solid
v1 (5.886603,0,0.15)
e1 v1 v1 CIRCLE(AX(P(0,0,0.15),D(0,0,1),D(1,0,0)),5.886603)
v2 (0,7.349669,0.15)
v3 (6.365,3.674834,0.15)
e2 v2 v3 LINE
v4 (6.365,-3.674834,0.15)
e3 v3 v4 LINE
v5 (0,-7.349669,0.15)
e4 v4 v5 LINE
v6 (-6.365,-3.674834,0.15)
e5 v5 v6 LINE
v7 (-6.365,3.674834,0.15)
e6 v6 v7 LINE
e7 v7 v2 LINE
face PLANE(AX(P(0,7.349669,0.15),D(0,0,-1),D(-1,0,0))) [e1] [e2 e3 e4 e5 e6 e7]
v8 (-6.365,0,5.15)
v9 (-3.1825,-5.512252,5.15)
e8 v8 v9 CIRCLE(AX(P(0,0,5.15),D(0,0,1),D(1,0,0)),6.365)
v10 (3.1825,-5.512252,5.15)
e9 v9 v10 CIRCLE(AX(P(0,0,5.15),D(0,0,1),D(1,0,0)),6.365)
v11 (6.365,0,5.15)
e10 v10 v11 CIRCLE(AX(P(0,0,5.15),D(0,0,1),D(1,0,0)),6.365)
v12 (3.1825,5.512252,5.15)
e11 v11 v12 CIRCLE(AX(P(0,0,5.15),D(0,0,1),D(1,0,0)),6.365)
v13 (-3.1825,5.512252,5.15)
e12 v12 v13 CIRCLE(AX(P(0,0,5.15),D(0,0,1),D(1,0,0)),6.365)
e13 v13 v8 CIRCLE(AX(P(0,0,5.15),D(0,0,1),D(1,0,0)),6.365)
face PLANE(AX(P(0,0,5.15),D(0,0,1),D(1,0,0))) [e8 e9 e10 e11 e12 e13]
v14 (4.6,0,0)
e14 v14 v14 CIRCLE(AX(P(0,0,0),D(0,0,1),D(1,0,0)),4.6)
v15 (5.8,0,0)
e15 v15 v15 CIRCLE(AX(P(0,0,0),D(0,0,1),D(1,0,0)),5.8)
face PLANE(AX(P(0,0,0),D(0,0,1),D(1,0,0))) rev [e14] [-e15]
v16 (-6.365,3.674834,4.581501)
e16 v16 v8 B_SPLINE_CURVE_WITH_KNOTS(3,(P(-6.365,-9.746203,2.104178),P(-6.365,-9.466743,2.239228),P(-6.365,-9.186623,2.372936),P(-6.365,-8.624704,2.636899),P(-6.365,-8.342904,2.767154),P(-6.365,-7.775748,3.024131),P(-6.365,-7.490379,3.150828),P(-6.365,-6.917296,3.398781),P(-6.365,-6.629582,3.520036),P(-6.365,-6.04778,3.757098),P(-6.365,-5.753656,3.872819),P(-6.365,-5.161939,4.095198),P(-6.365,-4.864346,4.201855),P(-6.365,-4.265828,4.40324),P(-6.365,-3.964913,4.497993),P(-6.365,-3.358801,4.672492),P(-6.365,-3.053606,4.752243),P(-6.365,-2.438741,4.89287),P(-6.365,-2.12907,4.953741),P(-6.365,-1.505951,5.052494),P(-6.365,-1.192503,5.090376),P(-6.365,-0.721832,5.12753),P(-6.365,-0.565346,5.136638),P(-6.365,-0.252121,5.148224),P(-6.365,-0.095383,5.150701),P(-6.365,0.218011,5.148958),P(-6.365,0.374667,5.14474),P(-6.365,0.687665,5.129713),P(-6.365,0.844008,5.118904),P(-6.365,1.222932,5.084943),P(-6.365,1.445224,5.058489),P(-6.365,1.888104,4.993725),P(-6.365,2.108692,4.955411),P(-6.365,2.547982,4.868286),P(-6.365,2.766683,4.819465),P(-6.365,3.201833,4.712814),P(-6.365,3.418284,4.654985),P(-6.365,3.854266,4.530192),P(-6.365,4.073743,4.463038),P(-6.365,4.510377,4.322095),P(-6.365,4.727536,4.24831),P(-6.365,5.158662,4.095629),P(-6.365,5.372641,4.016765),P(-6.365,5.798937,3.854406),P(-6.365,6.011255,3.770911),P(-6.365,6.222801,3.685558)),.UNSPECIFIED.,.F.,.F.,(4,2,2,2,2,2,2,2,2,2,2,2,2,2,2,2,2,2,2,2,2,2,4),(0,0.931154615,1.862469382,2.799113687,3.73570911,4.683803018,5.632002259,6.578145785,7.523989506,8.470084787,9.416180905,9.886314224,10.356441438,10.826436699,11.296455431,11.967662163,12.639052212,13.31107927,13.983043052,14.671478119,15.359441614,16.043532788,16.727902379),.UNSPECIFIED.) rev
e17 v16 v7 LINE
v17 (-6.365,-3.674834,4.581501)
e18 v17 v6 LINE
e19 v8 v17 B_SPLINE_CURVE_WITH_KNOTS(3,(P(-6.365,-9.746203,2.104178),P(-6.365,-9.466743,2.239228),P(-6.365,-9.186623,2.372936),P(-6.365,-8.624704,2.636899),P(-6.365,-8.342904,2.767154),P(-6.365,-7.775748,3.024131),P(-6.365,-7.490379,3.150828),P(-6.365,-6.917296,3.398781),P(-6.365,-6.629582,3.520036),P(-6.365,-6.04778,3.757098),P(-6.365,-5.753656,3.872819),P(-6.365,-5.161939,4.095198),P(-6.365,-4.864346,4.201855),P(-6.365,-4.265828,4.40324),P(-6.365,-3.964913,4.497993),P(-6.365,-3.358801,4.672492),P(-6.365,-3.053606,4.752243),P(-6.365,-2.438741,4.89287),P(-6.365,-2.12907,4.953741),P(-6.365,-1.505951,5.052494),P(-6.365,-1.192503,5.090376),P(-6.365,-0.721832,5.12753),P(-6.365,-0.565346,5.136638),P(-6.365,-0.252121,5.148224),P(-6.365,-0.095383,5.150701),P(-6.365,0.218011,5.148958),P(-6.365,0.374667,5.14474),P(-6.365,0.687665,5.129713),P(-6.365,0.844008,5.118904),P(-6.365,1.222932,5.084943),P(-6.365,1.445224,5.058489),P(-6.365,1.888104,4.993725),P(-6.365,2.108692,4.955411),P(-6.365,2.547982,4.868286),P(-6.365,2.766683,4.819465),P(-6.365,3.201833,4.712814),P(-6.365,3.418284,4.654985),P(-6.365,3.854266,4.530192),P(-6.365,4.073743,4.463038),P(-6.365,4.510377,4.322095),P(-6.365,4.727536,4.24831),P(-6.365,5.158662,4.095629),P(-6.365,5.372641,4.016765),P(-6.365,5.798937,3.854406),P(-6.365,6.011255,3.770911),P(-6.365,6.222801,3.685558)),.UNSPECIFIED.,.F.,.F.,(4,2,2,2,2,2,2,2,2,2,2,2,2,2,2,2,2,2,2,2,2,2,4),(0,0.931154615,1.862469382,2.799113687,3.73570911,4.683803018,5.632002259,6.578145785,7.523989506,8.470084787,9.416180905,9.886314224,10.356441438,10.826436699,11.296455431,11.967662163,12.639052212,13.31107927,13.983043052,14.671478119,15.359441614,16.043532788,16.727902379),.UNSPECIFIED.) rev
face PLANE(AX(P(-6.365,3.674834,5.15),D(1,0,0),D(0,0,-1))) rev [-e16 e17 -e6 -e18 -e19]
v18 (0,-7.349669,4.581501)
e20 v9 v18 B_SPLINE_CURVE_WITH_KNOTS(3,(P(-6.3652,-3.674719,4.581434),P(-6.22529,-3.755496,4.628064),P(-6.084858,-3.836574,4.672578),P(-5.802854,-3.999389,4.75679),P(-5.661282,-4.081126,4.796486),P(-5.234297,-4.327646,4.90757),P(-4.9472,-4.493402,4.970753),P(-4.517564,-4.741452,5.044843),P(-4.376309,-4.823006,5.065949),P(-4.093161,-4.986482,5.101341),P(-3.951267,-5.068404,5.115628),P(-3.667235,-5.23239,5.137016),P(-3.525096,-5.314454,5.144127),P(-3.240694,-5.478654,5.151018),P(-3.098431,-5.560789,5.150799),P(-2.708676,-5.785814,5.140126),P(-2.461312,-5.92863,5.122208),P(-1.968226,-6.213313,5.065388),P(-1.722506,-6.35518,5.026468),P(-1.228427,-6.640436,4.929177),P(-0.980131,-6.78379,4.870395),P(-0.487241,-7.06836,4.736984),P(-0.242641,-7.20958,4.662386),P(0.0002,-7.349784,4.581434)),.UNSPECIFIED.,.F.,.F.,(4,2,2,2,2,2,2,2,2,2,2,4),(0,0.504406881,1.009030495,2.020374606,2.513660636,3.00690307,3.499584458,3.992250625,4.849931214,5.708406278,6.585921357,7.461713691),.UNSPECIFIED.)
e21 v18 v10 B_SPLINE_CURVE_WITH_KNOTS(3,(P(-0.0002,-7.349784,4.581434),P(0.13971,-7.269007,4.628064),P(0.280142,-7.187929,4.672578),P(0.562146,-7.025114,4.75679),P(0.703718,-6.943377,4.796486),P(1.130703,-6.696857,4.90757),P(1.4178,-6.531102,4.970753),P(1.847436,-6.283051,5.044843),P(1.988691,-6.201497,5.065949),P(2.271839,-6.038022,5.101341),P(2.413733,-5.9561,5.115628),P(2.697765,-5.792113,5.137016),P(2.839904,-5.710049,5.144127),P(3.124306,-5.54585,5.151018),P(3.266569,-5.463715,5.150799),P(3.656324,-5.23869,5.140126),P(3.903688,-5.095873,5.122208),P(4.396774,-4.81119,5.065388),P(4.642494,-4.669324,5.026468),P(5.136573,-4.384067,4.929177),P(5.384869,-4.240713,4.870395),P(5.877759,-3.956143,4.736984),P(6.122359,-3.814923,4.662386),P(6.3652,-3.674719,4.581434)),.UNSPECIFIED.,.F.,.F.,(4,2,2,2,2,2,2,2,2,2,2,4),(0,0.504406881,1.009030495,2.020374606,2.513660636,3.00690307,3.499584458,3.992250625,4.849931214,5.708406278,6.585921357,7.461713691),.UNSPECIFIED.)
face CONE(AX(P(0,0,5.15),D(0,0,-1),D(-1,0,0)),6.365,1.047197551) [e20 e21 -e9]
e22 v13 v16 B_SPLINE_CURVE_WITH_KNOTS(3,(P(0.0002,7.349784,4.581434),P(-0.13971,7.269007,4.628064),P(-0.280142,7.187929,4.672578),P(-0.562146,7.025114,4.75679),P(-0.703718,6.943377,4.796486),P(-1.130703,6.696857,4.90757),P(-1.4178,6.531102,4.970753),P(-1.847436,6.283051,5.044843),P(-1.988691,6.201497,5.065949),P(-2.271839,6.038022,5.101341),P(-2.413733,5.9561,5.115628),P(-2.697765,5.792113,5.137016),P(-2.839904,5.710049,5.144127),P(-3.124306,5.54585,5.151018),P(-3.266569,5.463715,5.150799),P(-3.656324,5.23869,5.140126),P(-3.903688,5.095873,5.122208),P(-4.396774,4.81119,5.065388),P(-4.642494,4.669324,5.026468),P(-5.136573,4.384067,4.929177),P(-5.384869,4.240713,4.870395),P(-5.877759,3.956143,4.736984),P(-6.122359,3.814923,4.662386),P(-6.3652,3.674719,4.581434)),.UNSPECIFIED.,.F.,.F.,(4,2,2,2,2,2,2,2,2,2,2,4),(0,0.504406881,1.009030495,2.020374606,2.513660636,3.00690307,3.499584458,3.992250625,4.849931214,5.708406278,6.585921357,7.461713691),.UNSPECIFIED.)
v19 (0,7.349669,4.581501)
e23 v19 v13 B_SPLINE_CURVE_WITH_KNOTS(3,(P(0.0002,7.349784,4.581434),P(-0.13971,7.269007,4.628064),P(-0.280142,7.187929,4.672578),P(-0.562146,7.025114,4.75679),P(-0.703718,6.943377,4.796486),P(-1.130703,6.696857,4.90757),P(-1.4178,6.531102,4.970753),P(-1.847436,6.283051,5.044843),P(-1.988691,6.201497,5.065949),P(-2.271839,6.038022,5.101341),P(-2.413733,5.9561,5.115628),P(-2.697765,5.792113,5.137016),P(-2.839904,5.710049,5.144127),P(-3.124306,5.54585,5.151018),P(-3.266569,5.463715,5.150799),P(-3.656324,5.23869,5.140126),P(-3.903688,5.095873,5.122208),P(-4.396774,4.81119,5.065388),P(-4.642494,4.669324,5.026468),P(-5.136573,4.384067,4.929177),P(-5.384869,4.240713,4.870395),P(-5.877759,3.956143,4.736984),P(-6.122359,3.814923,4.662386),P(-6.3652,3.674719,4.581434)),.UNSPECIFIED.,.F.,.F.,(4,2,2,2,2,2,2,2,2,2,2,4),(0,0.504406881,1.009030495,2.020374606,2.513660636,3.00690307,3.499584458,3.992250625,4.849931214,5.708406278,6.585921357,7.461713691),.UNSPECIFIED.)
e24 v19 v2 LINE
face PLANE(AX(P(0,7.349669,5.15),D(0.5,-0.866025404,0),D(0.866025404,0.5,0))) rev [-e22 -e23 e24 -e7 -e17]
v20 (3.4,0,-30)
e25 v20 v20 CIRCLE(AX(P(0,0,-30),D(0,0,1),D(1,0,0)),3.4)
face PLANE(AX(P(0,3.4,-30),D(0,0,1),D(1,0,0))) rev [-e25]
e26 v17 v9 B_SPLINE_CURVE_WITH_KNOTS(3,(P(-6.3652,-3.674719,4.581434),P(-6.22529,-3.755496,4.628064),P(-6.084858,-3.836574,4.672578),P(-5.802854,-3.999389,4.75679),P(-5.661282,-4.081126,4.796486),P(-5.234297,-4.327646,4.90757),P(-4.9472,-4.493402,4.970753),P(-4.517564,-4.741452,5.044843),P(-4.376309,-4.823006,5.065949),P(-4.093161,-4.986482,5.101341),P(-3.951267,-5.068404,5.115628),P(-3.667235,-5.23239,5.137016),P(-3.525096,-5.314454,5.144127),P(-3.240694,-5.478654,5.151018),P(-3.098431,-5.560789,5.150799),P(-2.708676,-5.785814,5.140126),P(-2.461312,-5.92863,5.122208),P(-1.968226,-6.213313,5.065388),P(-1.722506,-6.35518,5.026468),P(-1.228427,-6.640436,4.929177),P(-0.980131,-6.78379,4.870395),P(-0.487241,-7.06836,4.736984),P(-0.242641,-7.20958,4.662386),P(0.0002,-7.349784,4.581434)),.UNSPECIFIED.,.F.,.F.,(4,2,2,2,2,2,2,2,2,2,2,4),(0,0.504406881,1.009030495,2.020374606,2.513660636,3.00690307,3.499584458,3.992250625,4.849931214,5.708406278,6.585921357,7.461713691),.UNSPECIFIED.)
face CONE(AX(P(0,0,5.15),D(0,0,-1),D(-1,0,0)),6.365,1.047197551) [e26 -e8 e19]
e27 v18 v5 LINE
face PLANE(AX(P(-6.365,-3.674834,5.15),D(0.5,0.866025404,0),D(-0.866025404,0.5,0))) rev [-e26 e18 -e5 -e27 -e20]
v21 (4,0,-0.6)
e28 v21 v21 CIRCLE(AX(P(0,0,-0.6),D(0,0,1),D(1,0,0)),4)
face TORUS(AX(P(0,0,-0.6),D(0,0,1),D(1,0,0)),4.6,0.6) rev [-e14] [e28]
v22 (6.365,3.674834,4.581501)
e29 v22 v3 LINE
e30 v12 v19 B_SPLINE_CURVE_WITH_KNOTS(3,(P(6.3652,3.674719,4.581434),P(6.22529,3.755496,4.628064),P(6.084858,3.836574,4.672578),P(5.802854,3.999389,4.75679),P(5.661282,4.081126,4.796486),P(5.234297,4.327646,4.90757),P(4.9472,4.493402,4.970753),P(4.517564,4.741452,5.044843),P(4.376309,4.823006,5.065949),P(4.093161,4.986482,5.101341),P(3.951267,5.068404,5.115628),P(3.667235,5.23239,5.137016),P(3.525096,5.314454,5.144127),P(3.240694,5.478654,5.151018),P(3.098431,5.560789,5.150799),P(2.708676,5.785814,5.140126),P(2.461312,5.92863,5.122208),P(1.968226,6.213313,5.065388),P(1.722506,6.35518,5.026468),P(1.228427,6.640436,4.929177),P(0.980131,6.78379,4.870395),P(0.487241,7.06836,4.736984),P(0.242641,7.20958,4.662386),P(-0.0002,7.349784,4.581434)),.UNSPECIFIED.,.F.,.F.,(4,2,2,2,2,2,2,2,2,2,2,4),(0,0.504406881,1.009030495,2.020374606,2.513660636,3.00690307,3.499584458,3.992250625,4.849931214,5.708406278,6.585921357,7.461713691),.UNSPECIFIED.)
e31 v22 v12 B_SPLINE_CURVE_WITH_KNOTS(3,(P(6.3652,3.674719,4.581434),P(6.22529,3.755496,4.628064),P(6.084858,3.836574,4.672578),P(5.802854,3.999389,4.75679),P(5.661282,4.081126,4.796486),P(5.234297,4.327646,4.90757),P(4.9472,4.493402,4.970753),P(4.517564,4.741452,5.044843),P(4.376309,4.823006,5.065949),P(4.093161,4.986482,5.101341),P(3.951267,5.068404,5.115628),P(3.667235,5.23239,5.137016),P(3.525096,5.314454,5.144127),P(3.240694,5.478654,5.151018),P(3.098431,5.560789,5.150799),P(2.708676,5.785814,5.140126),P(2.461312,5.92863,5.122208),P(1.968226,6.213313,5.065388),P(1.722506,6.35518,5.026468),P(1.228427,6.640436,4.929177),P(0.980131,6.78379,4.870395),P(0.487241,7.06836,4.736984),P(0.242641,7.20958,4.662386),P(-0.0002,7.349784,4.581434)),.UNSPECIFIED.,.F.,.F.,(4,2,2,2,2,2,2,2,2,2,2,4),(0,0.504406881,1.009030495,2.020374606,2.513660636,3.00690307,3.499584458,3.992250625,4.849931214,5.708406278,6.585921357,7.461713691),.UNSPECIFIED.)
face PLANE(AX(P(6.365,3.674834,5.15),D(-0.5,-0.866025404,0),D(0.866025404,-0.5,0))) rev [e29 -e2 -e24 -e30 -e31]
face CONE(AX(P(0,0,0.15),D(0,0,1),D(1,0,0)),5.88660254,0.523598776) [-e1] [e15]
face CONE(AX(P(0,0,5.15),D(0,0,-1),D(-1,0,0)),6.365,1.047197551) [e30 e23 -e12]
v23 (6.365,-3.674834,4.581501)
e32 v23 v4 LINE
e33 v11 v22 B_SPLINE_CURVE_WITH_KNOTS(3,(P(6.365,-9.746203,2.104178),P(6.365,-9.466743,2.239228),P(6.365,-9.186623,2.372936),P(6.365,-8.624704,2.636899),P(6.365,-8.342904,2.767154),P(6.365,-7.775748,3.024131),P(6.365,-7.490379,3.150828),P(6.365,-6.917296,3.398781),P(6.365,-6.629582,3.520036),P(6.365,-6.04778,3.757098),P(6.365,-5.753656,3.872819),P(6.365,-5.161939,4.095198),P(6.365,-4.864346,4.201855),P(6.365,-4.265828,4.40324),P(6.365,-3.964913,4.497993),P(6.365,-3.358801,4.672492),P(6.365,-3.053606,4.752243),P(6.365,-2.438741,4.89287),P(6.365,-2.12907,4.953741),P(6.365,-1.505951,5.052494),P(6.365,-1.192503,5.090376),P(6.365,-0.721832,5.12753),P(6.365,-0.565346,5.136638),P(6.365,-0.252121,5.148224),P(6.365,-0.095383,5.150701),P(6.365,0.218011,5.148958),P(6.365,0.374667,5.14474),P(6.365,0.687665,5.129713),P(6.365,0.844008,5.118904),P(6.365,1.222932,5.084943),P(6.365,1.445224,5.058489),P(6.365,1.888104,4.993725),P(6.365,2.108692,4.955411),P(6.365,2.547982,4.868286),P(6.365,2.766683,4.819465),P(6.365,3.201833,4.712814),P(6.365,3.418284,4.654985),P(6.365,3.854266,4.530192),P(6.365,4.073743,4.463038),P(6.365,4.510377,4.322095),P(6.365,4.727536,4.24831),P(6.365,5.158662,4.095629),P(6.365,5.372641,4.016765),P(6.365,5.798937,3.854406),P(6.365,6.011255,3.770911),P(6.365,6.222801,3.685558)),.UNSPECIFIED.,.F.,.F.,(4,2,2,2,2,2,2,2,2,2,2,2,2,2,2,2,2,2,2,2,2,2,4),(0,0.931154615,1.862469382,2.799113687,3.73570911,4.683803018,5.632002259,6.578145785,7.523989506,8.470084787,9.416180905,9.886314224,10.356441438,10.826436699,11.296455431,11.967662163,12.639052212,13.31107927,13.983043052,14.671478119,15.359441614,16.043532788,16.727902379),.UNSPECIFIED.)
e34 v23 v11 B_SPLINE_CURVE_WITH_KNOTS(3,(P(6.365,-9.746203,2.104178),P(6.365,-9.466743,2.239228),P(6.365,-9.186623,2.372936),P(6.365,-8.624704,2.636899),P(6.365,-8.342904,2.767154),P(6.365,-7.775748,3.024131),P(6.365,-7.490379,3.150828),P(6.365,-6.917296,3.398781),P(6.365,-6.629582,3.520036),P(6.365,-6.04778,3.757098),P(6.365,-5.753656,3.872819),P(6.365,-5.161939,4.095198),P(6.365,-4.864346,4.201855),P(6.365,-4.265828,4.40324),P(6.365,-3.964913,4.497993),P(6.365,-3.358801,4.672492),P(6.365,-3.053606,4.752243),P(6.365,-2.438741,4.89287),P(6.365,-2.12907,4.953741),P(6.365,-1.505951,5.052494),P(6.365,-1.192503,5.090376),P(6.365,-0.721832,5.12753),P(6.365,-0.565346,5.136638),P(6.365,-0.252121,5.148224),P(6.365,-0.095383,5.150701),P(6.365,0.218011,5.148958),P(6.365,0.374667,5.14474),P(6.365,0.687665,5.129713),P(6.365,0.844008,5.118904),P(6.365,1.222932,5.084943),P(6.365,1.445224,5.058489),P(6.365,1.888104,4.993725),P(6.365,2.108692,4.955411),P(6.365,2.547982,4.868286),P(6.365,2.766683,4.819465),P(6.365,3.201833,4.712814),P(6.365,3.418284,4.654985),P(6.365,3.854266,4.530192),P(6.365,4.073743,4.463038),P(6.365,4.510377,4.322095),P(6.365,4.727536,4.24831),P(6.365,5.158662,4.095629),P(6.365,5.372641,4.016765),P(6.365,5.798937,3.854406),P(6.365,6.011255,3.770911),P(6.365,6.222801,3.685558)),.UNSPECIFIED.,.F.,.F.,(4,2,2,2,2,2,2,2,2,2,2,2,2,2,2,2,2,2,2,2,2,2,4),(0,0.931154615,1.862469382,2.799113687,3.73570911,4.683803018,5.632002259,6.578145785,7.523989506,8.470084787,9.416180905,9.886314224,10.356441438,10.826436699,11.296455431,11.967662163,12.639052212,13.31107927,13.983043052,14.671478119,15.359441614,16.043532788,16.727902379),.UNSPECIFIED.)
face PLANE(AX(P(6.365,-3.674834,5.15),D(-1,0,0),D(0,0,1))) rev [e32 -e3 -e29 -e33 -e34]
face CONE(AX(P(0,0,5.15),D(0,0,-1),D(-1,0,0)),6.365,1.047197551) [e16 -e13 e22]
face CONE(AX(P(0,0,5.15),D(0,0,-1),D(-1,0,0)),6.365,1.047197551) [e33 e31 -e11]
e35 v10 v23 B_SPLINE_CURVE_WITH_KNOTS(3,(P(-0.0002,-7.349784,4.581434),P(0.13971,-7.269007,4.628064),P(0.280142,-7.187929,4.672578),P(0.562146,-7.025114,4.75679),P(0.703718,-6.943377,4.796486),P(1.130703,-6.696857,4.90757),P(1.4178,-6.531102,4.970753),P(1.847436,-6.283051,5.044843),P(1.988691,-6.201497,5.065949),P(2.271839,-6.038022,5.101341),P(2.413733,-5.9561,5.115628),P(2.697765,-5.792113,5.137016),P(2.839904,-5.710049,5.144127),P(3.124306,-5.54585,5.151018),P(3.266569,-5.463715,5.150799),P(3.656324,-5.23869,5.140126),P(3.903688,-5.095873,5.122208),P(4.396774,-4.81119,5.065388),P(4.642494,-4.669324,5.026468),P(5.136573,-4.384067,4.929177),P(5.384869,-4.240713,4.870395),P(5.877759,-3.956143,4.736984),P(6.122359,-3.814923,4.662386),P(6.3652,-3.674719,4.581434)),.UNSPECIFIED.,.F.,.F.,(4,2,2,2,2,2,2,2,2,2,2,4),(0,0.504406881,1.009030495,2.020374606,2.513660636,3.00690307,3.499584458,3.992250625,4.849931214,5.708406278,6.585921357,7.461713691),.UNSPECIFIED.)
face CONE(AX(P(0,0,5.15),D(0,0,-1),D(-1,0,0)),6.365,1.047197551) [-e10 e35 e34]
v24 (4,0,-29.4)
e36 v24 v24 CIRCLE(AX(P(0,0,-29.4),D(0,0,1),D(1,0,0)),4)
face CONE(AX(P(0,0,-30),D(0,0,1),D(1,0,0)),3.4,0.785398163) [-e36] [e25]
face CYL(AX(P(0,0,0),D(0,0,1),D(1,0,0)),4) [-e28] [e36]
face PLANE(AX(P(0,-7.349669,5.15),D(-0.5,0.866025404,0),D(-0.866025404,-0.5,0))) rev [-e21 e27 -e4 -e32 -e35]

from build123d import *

# Parameters (mm, degrees)
BOSS_EXTRUDE1_DEPTH = 5.15


with BuildPart() as part:
    # Sketch1 → Boss-Extrude1 (new body)
    with BuildSketch(Plane.XY):
        Polygon((0, 7.349668927), (-6.365, 3.674834463), (-6.365, -3.674834463), (0, -7.349668927), (6.365, -3.674834463), (6.365, 3.674834463), align=None)
    extrude(amount=BOSS_EXTRUDE1_DEPTH)

    # Sketch2 → Revolve1 (revolve)
    with BuildSketch(Plane(origin=(0, 0, 0), x_dir=(0, 0, -1), z_dir=(1, 0, 0)), mode=Mode.PRIVATE) as revolve1_sk:
        with BuildLine():
            Line((0, 0), (0, 4.6))
            ThreePointArc((0, 4.6), (0.175735931, 4.175735931), (0.6, 4))
            Line((0.6, 4), (29.4, 4))
            Line((29.4, 4), (30, 3.4))
            Line((30, 3.4), (30, 0))
            Line((30, 0), (0, 0))
        make_face()
    revolve(revolve1_sk.sketch.rotate(Axis((0, 0, 0), (0, 0, -1)), 90), axis=Axis((0, 0, 0), (0, 0, -1)))

    # Sketch3 → Cut-Revolve1 (revolve, cut)
    with BuildSketch(Plane(origin=(0, 0, 0), x_dir=(0, 0, -1), z_dir=(1, 0, 0)), mode=Mode.PRIVATE) as cut_revolve1_sk:
        Polygon((-5.15, 7.349668927), (-4.58150113, 7.349668927), (-5.15, 6.365), align=None)
        Polygon((-0.15, 7.349668927), (-0.15, 5.88660254), (0, 5.8), (0, 7.349668927), align=None)
    revolve(cut_revolve1_sk.sketch.rotate(Axis((0, 0, 12.204941078), (0, 0, -1)), 90), axis=Axis((0, 0, 12.204941078), (0, 0, -1)), mode=Mode.SUBTRACT)


solid = part.part
